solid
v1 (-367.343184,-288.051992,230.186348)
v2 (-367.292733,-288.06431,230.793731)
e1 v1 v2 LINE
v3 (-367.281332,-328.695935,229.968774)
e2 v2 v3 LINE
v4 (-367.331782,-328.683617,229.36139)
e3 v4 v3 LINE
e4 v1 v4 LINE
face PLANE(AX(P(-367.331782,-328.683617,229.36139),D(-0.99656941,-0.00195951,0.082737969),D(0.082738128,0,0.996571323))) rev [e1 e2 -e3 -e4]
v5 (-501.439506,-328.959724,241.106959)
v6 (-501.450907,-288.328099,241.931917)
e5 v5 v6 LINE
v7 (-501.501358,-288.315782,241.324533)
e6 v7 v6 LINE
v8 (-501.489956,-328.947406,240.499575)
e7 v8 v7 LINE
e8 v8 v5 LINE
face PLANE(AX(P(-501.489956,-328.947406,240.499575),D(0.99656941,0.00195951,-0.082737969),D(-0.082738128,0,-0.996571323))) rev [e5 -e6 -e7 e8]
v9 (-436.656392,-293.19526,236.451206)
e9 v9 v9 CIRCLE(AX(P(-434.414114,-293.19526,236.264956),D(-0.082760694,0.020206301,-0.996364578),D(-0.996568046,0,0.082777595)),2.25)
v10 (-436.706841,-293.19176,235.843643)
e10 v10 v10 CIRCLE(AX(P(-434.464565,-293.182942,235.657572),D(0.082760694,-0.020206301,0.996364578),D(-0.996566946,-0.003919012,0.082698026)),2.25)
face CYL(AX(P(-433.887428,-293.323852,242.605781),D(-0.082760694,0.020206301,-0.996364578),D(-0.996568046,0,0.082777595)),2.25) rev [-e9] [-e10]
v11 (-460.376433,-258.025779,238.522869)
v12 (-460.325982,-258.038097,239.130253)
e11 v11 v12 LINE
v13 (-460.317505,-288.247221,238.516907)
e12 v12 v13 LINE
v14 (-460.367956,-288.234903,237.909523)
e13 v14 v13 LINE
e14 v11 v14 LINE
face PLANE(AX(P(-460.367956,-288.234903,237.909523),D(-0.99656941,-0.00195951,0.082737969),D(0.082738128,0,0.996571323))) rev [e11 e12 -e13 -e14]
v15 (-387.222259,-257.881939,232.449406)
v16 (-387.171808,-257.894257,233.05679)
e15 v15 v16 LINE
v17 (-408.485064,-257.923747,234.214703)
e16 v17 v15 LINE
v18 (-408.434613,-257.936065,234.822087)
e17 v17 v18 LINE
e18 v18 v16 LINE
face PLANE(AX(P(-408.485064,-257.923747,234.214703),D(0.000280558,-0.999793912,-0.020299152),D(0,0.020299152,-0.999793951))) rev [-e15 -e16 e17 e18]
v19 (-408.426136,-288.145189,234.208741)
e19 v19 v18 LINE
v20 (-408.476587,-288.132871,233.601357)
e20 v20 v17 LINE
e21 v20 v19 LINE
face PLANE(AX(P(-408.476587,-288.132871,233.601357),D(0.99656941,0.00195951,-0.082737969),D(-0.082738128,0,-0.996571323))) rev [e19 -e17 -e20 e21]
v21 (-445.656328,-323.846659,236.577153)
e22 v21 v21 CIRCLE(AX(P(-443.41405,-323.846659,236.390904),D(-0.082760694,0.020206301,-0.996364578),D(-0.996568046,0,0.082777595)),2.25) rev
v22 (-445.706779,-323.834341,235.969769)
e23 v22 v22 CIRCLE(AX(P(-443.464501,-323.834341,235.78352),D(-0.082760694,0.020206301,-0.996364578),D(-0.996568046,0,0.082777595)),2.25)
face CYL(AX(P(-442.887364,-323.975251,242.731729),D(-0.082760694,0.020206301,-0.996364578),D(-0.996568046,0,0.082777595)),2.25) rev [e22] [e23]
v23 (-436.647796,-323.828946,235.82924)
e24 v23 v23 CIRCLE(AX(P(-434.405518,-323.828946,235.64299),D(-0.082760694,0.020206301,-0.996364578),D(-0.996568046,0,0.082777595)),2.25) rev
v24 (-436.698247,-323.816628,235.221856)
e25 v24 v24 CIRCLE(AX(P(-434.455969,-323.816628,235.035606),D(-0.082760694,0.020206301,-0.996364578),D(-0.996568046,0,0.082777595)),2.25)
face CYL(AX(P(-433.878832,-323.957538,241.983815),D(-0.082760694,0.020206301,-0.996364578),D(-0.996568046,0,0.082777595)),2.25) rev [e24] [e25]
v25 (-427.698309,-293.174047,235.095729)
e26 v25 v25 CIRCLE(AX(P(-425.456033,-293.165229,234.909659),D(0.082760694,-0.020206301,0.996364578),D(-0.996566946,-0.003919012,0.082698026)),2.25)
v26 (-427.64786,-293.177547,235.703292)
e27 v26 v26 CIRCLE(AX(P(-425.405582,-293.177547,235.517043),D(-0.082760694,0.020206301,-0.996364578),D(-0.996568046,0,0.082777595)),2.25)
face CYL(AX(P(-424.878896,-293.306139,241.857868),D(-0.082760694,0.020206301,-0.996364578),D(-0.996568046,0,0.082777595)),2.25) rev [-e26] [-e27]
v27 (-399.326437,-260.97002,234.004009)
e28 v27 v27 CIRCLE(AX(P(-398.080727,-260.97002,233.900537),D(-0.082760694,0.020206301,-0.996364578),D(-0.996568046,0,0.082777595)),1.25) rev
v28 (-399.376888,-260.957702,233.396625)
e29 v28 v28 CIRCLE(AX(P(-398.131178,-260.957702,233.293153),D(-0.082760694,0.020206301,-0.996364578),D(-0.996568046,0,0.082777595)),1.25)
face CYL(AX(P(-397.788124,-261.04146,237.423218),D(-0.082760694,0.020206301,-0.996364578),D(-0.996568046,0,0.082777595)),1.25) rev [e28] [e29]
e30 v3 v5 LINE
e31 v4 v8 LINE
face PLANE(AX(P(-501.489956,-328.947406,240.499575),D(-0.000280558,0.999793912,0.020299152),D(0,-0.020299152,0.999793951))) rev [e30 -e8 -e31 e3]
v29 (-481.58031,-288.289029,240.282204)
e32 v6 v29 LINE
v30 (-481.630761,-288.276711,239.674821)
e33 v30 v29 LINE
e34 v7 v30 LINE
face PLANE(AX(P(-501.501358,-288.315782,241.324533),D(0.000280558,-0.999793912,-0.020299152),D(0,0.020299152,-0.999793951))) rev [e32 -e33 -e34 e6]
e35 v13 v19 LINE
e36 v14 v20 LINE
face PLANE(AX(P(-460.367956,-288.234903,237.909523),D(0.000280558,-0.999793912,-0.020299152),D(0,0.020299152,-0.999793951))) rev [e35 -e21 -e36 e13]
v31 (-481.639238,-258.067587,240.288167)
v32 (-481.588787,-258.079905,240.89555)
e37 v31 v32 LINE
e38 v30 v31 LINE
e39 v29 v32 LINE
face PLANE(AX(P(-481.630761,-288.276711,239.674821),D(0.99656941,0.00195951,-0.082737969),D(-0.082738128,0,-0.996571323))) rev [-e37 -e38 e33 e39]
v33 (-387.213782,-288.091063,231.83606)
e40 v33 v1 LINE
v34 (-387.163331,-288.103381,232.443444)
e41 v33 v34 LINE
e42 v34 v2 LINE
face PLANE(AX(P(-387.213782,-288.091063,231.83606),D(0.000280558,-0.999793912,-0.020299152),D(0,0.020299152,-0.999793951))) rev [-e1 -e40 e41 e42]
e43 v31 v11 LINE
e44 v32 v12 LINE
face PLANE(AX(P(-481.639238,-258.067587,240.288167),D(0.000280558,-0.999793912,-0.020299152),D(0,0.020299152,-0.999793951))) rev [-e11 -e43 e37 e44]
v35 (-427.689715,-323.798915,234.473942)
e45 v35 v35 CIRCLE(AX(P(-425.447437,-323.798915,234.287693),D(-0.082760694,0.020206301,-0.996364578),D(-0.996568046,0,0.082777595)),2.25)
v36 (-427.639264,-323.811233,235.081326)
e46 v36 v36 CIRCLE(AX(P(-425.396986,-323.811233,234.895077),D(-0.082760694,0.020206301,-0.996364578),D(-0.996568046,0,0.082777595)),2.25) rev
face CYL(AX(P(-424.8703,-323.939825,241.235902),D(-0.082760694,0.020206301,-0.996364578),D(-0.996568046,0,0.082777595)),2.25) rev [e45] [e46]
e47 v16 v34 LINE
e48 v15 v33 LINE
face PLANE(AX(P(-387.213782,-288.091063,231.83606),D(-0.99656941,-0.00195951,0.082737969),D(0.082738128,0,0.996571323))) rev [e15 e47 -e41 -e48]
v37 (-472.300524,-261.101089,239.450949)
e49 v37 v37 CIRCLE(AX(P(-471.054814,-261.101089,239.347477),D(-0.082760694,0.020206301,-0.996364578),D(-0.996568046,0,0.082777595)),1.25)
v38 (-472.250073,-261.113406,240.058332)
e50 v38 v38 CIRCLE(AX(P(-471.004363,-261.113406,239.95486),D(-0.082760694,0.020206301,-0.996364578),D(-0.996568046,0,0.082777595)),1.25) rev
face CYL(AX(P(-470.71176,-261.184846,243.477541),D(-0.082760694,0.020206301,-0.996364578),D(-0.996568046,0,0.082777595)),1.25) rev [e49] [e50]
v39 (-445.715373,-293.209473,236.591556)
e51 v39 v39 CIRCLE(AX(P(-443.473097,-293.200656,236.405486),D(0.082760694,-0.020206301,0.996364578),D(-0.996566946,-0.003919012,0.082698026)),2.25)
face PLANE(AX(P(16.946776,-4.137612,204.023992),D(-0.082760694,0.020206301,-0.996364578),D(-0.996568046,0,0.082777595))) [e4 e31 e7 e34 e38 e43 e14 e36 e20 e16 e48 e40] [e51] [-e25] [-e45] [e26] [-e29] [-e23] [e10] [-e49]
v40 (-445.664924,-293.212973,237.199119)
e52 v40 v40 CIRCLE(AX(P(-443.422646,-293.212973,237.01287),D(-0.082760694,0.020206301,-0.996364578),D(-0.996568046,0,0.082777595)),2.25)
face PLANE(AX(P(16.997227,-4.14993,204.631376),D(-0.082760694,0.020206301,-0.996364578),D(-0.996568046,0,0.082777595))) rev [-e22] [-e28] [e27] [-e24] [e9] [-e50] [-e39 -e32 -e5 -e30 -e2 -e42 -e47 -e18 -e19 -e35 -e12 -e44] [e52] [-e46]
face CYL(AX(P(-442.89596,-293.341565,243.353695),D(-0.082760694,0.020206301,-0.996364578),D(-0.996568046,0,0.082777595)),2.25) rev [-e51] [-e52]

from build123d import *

# Parameters (mm, degrees)
BOSS_EXTRUDE1_DEPTH = 0.6096
SKETCH5_R           = 2.25
CUT_EXTRUDE2_DEPTH  = 0.6096
SKETCH6_R           = 1.25
CUT_EXTRUDE5_DEPTH  = 0.6096
SKETCH7_R           = 1.25
CUT_EXTRUDE6_DEPTH  = 0.6096


with BuildPart() as part:
    # Sketch1 → Boss-Extrude1 (new body)
    with BuildSketch(Plane(origin=(16.997226787, -4.149929847, 204.631375634), x_dir=(0.9965694099183702, 0.001959509651517015, -0.0827379691367708), z_dir=(-0.08276069418699705, 0.020206300667429115, -0.9963645783100802))):
        Polygon((-405.631572024, 283.216979703), (-385.692572024, 283.216979703), (-385.692572024, 323.856979703), (-405.014358213, 323.856979703), (-432.414358217, 323.856979703), (-445.097076418, 323.856979703), (-465.359895626, 323.856979703), (-479.498480719, 323.856979703), (-500.373572024, 323.856979703), (-520.312572024, 323.856979703), (-520.312572024, 283.216979703), (-500.373572024, 283.216979703), (-500.373572024, 253.001628811), (-479.037572024, 253.001628811), (-479.037572024, 283.216979703), (-426.967572024, 283.216979703), (-426.967572024, 253.001628811), (-405.631572024, 253.001628811), align=None)
    extrude(amount=BOSS_EXTRUDE1_DEPTH)

    # Sketch5 → Cut-Extrude2 (cut)
    with BuildSketch(Plane(origin=(16.946775868, -4.137612086, 204.023991787), x_dir=(-0.9965694494101686, -0.0016780440853142462, 0.08274368054637984), z_dir=(-0.08276069418699684, 0.02020630066742907, -0.9963645783100801))):
        with Locations(Location((461.99617795, -318.987055127, 0), (0, 0, 0.096164523))):
            Circle(SKETCH5_R)
        with Locations(Location((452.956635294, -318.984510283, 0), (0, 0, 0.096164523))):
            Circle(SKETCH5_R)
        with Locations(Location((443.917092638, -318.981965439, 0), (0, 0, 0.096164523))):
            Circle(SKETCH5_R)
    cut_extrude2 = extrude(amount=-CUT_EXTRUDE2_DEPTH, mode=Mode.SUBTRACT)

    # Mirror1: Cut-Extrude2 across plane
    add(cut_extrude2.mirror(Plane(origin=(0.085159645, -303.474424262, -6.16154314), x_dir=(5.696257509045297e-06, -0.020299150712569557, 0.9997939509958544), z_dir=(0.00028055772663936035, -0.9997939116314237, -0.020299151511798782))), mode=Mode.SUBTRACT)

    # Sketch6 → Cut-Extrude5 (cut)
    with BuildSketch(Plane(origin=(16.946775868, -4.137612086, 204.023991787), x_dir=(-0.9965694494101686, -0.0016780440853142462, 0.08274368054637984), z_dir=(-0.08276069418699684, 0.020206300667429063, -0.9963645783100801))):
        with Locations(Location((416.50680125, -256.173836565, 0), (0, 0, 0.096164523))):
            Circle(SKETCH6_R)
    extrude(amount=-CUT_EXTRUDE5_DEPTH, mode=Mode.SUBTRACT)

    # Sketch7 → Cut-Extrude6 (cut)
    with BuildSketch(Plane(origin=(16.946775868, -4.137612086, 204.023991787), x_dir=(-0.9965694494101686, -0.001678044085314246, 0.08274368054637983), z_dir=(-0.08276069418699684, 0.020206300667429074, -0.9963645783100802))):
        with Locations(Location((489.681466673, -256.194436956, 0), (0, 0, 0.096164523))):
            Circle(SKETCH7_R)
    extrude(amount=-CUT_EXTRUDE6_DEPTH, mode=Mode.SUBTRACT)


solid = part.part
